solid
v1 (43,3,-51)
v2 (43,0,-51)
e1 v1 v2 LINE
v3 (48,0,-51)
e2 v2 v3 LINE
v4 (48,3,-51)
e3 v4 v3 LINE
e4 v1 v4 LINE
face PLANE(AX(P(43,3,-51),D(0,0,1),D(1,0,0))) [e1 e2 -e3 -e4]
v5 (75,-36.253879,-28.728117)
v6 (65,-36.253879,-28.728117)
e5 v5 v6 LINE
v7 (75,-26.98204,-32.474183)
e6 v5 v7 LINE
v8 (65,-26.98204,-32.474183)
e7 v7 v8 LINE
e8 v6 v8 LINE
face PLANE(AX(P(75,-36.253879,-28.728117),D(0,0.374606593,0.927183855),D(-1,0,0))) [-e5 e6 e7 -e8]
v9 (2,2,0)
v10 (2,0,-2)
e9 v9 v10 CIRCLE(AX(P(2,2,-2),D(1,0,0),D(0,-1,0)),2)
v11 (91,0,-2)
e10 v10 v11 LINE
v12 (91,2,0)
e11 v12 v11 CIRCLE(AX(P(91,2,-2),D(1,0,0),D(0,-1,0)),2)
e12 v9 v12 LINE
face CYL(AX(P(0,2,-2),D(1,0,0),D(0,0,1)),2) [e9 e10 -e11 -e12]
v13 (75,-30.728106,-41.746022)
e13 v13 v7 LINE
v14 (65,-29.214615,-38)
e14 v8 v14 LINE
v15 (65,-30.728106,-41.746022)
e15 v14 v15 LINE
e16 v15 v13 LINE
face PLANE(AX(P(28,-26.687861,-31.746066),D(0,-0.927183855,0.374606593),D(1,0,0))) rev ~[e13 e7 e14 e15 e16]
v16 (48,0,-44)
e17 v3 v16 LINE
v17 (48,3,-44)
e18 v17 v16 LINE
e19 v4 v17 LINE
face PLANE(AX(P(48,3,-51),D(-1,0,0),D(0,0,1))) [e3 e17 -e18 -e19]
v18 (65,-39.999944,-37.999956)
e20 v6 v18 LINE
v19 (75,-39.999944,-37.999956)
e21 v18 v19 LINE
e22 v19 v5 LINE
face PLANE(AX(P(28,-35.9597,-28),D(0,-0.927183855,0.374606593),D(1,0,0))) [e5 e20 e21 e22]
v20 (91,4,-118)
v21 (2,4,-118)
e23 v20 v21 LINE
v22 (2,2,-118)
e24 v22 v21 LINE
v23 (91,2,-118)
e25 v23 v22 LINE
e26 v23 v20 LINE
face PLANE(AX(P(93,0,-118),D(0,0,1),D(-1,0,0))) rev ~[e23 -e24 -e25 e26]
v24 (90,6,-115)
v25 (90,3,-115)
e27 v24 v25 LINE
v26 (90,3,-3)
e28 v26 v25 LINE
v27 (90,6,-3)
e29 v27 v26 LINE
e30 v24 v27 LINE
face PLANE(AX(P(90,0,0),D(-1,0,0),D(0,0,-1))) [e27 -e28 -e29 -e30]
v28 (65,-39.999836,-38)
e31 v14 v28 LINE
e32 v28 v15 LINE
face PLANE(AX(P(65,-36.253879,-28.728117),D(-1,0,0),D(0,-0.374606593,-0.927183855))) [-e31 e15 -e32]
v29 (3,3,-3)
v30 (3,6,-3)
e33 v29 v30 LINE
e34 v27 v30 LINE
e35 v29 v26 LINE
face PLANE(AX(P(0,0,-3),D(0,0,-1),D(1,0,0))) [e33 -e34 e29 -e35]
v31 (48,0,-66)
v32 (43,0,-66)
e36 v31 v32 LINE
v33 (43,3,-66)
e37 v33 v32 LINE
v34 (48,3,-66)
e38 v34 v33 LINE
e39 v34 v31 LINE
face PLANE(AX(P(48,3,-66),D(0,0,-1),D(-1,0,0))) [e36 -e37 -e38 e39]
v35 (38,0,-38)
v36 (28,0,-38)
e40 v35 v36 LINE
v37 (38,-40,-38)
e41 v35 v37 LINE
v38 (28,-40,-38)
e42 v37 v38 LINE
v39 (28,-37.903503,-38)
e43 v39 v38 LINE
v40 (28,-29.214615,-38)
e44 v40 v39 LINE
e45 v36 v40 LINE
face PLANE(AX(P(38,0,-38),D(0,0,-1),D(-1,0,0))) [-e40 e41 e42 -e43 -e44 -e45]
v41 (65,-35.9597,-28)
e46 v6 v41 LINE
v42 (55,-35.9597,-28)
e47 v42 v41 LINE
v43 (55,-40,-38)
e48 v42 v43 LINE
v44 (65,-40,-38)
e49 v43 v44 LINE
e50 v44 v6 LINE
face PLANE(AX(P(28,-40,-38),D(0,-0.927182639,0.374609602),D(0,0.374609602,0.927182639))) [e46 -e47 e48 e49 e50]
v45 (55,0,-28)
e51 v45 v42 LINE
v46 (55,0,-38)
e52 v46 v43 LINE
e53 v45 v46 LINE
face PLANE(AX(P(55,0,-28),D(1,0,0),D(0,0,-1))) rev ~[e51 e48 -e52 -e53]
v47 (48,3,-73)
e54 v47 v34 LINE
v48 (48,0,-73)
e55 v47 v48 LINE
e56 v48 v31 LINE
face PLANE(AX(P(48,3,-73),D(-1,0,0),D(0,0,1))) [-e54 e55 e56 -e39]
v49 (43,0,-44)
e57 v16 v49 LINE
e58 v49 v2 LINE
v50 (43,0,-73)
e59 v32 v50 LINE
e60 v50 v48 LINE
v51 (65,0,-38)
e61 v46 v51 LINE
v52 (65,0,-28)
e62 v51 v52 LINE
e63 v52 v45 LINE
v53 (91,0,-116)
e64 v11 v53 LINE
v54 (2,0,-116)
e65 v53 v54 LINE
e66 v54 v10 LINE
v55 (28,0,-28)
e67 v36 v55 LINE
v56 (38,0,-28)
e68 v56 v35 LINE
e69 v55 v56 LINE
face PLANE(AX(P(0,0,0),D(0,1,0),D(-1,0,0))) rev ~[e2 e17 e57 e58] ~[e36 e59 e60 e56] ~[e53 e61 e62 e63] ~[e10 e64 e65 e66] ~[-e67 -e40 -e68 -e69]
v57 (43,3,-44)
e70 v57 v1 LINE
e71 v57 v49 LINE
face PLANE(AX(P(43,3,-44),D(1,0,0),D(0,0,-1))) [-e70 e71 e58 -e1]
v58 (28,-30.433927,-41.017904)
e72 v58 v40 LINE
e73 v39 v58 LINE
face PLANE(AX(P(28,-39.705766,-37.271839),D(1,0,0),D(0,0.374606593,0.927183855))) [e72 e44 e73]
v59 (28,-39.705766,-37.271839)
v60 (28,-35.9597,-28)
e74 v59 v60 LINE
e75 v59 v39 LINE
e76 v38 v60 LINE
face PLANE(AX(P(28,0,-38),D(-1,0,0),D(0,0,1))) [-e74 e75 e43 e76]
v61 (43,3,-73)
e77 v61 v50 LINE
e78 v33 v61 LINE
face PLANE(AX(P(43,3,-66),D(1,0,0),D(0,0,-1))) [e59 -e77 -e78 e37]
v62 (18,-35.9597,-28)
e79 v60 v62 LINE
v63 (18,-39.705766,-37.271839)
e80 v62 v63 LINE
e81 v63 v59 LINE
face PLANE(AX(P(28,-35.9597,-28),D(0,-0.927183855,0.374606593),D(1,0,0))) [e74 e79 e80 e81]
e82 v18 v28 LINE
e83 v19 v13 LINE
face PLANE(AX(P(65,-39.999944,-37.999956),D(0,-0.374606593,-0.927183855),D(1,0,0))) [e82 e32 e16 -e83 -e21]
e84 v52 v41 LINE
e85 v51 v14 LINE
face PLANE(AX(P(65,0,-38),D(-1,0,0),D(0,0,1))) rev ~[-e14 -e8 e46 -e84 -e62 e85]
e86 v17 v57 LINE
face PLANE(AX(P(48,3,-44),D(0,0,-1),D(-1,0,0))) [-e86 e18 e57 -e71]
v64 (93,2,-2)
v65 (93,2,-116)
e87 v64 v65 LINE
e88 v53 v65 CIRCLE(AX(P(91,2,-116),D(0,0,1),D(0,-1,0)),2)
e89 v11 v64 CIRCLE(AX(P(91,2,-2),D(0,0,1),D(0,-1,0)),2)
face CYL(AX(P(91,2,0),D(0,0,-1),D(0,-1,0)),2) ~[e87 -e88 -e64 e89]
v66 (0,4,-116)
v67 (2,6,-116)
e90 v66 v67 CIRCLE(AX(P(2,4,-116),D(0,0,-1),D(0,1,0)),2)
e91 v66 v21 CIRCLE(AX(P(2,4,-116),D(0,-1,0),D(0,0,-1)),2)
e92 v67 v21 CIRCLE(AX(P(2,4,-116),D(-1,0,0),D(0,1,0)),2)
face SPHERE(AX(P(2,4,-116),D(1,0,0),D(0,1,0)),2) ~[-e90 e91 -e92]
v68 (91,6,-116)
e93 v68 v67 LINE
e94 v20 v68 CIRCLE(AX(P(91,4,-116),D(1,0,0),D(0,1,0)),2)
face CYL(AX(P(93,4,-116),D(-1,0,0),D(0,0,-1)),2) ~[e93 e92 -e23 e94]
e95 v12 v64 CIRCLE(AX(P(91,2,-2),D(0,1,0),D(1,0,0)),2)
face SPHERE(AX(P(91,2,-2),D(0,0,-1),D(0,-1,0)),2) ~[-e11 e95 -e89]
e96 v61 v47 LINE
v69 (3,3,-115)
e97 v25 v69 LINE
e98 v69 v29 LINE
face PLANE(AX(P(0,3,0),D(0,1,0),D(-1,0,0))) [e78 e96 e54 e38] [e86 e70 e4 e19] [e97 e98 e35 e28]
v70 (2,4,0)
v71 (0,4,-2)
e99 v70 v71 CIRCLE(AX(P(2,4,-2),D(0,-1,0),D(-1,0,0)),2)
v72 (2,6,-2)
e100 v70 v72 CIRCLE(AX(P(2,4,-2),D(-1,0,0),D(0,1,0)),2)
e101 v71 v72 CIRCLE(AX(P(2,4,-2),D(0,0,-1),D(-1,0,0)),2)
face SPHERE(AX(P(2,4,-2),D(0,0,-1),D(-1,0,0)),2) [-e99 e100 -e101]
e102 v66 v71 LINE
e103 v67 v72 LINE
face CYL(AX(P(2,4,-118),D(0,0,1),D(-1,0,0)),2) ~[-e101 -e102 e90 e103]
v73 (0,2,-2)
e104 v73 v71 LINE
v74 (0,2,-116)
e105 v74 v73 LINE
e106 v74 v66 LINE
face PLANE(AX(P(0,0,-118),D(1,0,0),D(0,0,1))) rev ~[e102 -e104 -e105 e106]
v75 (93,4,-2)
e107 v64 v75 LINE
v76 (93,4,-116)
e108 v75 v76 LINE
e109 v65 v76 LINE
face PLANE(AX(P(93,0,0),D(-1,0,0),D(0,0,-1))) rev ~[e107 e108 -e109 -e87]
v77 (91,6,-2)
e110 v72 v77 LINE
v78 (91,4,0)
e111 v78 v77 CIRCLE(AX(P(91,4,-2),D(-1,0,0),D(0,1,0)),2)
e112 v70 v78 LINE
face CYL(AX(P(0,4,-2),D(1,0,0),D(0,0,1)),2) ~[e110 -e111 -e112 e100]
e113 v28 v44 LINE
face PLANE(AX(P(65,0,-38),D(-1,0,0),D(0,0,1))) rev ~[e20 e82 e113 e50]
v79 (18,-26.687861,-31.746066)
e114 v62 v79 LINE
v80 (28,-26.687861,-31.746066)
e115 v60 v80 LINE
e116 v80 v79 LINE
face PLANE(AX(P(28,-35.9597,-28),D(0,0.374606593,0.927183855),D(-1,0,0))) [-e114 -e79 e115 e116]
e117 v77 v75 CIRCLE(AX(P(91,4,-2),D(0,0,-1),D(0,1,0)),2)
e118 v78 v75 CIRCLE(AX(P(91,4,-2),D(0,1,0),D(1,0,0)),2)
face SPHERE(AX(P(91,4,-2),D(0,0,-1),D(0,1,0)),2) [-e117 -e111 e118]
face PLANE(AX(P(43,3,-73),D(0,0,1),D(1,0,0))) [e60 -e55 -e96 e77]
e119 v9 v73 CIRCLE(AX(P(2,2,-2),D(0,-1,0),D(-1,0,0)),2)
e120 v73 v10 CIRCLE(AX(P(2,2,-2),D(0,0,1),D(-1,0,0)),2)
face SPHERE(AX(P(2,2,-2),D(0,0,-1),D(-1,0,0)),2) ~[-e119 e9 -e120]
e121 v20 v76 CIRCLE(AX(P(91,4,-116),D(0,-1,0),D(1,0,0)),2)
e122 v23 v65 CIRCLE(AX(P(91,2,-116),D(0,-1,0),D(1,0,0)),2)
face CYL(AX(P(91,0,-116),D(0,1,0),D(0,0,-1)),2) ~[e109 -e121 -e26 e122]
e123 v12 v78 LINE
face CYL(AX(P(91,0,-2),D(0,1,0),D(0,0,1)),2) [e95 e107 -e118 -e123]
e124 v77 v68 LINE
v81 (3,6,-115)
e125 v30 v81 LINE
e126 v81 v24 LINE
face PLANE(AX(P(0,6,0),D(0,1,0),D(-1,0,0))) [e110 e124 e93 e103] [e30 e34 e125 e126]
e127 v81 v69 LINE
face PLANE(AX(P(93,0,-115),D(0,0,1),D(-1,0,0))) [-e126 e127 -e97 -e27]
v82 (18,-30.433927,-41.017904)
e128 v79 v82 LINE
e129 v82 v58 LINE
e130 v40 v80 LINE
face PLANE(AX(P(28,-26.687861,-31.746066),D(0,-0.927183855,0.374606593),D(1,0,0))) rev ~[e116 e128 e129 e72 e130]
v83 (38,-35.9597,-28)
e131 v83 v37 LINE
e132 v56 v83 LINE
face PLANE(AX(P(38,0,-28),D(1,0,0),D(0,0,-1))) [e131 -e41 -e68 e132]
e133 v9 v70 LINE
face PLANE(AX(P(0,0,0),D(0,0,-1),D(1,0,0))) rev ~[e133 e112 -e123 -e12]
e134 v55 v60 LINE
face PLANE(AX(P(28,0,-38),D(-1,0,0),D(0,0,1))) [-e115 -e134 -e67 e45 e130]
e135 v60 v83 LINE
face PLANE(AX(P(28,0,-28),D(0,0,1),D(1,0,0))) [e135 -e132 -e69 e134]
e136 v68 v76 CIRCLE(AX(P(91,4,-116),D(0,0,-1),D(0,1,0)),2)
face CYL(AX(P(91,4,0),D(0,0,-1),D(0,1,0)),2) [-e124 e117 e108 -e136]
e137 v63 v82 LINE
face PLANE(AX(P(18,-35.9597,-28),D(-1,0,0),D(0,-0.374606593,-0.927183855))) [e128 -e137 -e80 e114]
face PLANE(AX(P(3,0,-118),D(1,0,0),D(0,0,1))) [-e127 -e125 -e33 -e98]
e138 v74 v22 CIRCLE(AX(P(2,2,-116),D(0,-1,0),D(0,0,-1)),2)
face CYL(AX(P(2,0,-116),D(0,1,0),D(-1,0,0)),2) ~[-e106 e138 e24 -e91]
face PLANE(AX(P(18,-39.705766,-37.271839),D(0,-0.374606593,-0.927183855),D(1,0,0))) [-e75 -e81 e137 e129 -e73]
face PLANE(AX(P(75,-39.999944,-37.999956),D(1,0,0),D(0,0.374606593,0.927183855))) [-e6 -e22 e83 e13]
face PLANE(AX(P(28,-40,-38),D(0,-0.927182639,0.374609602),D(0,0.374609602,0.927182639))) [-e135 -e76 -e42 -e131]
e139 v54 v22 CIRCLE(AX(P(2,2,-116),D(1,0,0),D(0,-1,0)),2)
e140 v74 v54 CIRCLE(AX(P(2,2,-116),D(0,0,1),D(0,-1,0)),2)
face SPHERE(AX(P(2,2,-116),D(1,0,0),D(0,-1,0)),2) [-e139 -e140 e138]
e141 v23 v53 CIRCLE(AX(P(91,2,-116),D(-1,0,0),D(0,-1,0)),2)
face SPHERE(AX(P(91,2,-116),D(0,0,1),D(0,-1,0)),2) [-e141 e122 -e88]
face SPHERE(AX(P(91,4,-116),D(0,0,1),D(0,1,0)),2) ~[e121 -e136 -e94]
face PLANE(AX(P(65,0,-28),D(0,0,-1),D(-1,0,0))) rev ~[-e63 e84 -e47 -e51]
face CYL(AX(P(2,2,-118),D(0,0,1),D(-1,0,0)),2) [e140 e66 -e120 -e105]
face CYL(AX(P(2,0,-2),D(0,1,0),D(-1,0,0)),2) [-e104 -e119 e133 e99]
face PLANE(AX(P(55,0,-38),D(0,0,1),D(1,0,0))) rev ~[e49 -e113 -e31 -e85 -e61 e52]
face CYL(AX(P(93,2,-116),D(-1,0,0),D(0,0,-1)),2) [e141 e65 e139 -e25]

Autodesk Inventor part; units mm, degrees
ref_plane "YZ Plane" through (0, 0, 0) normal (1, 0, 0) x (0, 1, 0)
ref_plane "XZ Plane" through (0, 0, 0) normal (0, 1, 0) x (-1, 0, 0)
ref_plane "XY Plane" through (0, 0, 0) normal (0, 0, 1) x (1, 0, 0)
sketch "Boceto1" plane through (0, 0, 0) normal (0, 1, 0) x (-1, 0, 0)
  line L0 (0, 0) -> (-93, 0)
  line L1 (-93, 0) -> (-93, -118)
  line L2 (-93, -118) -> (0, -118)
  line L3 (0, -118) -> (0, 0)
  dimension "d0" = 93
  dimension "d1" = 118
extrude "Extrusión1" add sketch "Boceto1" along normal blind 6
shell "Vaciado1" thickness 3 removed faces 1 at (62, 6, -39.3333)
sketch "Boceto11" plane through (3, 3, -3) normal (0, 1, 0) x (1, 0, 0)
  line L0 (40, 70) -> (45, 70)
  line L1 (45, 70) -> (45, 63)
  line L2 (45, 63) -> (40, 63)
  line L3 (40, 63) -> (40, 70)
  line L4 (40, 48) -> (45, 48)
  line L5 (45, 48) -> (45, 41)
  line L6 (45, 41) -> (40, 41)
  line L7 (40, 41) -> (40, 48)
  point P0 (-3, -3)
  dimension "d33" = 5
  dimension "d34" = 7
  dimension "d35" = 5
  dimension "d36" = 7
extrude "Extrusión8" cut sketch "Boceto11" against normal blind 7
sketch "Boceto12" plane through (0, 0, 0) normal (0, -1, 0) x (1, 0, 0)
  line L0 (28, -28) -> (38, -28)
  line L1 (38, -28) -> (38, -38)
  line L2 (38, -38) -> (28, -38)
  line L3 (28, -38) -> (28, -28)
  line L4 (55, -38) -> (65, -38)
  line L5 (65, -38) -> (65, -28)
  line L6 (65, -28) -> (55, -28)
  line L7 (55, -28) -> (55, -38)
  point P0 (0, 0)
  dimension "d39" = 10
  dimension "d40" = 10
  dimension "d41" = 10
  dimension "d42" = 10
extrude "Extrusión9" add sketch "Boceto12" along normal blind 40
sketch "Boceto13" plane through (28, 0, -38) normal (-1, 0, 0) x (0, 0, 1)
  line L0 (10, -40) -> (0, -40) projected
  line L1 (0, -40) -> (10, -35.9597)
  line L2 (10, 0) -> (10, -40) projected
  line L3 (0, -40) -> (10.7853, -40) construction
  point P0 (38, 0)
  dimension "d45" = 22
extrude "Extrusión10" cut sketch "Boceto13" against normal blind 40
sketch "Boceto14" plane through (28, -35.9597, -28) normal (0, -0.9272, 0.3746) x (1, 0, 0)
  line L0 (0, 13.4708) -> (0, 0) projected
  line L1 (0, 0) -> (-10, 0)
  line L2 (-10, 0) -> (-10, -10)
  line L3 (-10, -10) -> (0, -10)
  line L4 (0, -10) -> (0, 0)
  line L5 (37, 0) -> (37, -10.7853) projected
  line L6 (37, -10.7853) -> (47, -10.7853)
  line L7 (47, -10.7853) -> (47, -0.7853)
  line L8 (47, -0.7853) -> (37, -0.7853)
  line L9 (37, -0.7853) -> (37, -10.7853)
  point P0 (-28, 39.4319)
  point P1 (37, -0.7853)
  dimension "d48" = 10
  dimension "d49" = 10
  dimension "d50" = 10
  dimension "d51" = 10
extrude "Extrusión11" add sketch "Boceto14" against normal blind 10
fillet "Empalme1" radius 2 12 edges at (93, 6, -59) (93, 0, -59) (46.5, 0, -118) (46.5, 6, -118) (0, 6, -59) (0, 0, -59) (0, 3, -118) (93, 3, -118) (0, 3, 0) (46.5, 6, 0) (46.5, 0, 0) (93, 3, 0)
properties part number "Piezatapa"
